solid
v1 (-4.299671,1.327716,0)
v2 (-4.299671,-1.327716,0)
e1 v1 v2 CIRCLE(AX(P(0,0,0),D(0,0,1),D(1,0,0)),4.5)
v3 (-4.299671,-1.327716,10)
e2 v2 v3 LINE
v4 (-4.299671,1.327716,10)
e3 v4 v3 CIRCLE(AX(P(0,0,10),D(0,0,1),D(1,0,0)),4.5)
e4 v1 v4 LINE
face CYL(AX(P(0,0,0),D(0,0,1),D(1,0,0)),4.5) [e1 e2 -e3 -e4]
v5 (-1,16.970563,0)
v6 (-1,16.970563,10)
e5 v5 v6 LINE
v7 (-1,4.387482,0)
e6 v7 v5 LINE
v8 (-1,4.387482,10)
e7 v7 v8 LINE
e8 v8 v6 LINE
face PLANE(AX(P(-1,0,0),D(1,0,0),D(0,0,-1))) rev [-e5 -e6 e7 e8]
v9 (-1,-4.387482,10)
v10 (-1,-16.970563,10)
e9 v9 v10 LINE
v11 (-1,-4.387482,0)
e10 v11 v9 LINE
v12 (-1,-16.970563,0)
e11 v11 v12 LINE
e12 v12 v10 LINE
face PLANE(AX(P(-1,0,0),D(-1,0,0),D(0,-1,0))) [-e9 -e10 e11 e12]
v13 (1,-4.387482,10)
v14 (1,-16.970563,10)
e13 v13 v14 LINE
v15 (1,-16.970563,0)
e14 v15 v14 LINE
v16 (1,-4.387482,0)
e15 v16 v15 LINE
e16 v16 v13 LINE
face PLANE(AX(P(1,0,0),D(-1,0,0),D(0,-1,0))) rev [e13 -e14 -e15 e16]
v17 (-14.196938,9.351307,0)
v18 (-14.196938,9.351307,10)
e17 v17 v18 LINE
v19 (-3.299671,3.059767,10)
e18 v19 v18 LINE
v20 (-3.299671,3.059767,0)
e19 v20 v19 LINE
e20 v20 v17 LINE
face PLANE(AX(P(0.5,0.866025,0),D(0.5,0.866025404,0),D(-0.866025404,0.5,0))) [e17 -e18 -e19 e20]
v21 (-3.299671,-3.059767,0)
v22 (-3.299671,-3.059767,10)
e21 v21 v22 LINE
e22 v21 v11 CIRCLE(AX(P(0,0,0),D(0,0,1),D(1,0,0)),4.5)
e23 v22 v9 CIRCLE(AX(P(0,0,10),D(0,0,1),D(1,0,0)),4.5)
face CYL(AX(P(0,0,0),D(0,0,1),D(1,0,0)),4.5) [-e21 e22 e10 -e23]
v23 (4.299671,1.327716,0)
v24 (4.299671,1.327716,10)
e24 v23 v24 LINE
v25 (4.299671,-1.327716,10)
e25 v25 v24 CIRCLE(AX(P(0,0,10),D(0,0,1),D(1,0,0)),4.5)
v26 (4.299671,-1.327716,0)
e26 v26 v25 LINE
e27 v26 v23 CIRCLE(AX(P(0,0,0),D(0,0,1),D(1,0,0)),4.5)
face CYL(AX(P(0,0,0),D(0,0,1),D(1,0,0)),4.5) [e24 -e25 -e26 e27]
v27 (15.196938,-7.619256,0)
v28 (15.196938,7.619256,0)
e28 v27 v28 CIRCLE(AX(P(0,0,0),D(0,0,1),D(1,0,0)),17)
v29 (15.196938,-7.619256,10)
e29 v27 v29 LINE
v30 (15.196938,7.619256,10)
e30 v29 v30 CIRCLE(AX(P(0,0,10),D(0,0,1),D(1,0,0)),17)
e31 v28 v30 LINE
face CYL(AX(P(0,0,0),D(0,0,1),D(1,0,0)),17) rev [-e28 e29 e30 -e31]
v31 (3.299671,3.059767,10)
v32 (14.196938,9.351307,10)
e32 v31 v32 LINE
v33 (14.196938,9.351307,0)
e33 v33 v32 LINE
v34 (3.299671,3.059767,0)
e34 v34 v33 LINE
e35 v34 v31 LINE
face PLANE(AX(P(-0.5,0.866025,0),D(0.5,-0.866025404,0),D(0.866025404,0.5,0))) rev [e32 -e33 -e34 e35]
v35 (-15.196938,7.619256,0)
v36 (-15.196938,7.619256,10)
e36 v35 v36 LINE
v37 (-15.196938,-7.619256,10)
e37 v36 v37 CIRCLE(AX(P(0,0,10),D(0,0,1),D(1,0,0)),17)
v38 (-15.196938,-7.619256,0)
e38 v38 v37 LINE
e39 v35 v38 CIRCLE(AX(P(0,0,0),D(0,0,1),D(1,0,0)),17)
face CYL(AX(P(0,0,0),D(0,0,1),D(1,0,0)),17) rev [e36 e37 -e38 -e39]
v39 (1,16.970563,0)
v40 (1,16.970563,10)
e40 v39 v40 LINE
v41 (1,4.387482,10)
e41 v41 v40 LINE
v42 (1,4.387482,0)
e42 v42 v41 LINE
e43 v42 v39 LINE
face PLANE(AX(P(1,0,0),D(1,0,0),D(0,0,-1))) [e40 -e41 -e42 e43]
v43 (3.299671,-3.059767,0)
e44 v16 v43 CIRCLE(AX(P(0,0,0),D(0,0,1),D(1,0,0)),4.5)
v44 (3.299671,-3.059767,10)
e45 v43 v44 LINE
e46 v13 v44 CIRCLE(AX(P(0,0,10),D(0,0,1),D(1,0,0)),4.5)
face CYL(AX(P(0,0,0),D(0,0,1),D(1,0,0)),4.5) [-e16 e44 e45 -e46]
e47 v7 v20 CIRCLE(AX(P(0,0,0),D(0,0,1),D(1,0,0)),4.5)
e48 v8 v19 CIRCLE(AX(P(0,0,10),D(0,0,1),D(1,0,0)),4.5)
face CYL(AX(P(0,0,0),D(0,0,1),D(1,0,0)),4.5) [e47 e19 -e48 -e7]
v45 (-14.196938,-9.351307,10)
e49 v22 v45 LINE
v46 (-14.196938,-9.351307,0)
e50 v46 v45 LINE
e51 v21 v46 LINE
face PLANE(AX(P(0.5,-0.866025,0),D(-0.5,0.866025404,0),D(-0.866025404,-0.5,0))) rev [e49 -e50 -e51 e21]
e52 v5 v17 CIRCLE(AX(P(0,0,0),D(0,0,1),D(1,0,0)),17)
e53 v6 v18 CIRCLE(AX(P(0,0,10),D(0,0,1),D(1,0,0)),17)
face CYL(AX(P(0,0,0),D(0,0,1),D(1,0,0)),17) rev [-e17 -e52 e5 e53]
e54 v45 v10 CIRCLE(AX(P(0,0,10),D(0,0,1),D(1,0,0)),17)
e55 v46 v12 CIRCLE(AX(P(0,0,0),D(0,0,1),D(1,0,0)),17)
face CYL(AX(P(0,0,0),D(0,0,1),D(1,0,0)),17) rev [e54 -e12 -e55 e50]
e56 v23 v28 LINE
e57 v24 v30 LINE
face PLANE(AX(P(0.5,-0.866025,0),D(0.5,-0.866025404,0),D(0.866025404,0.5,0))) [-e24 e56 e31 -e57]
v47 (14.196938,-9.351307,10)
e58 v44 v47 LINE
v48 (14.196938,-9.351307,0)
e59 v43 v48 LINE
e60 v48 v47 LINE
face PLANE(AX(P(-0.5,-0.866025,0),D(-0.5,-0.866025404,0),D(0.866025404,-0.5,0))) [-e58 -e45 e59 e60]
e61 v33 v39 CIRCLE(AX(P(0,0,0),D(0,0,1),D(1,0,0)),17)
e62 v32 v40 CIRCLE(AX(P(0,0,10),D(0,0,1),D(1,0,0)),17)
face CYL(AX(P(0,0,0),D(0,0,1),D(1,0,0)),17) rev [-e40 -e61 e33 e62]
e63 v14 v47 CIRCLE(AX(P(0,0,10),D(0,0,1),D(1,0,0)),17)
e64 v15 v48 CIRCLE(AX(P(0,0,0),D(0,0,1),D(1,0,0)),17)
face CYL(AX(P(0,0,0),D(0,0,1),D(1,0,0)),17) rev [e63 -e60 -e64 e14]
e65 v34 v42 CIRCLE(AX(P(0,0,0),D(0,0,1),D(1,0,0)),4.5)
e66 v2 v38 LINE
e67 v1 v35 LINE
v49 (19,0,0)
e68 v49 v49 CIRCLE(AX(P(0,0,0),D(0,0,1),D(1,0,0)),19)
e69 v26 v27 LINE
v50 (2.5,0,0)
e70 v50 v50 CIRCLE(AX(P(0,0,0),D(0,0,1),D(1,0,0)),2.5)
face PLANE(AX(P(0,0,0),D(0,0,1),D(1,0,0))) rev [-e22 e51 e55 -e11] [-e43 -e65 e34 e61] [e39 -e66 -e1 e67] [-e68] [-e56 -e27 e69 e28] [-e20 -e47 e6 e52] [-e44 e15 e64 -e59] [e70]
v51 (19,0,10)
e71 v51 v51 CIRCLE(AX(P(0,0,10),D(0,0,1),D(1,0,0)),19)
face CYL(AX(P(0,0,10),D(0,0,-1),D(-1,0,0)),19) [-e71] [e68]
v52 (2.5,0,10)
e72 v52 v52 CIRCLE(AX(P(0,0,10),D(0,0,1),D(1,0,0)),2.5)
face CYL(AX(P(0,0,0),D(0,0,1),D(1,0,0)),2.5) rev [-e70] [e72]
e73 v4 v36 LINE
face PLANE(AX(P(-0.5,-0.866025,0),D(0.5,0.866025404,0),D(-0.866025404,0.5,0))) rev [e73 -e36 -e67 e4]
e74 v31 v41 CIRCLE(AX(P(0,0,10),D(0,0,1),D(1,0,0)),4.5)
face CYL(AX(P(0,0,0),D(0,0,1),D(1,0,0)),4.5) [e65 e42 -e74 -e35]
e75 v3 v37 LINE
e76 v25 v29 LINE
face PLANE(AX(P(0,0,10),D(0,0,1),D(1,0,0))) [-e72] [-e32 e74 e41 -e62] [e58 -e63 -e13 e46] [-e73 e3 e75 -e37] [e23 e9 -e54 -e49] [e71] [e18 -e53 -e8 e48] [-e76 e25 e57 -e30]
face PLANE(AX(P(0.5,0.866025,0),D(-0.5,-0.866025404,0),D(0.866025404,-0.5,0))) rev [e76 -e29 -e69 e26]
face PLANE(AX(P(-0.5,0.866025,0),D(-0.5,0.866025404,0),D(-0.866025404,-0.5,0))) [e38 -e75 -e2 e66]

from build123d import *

# Parameters (mm, degrees)
SKETCH1_R           = 19
BOSS_EXTRUDE1_DEPTH = 10
SKETCH2_R           = 2.5
CUT_EXTRUDE1_DEPTH  = 10
CUT_EXTRUDE2_DEPTH  = 10


with BuildPart() as part:
    # Sketch1 → Boss-Extrude1 (new body)
    with BuildSketch(Plane.XY):
        Circle(SKETCH1_R)
    extrude(amount=BOSS_EXTRUDE1_DEPTH)

    # Sketch2 → Cut-Extrude1 (cut)
    with BuildSketch(Plane.XY.offset(10)):
        Circle(SKETCH2_R)
    extrude(amount=-CUT_EXTRUDE1_DEPTH, mode=Mode.SUBTRACT)

    # Sketch3 → Cut-Extrude2 (cut)
    with BuildSketch(Plane.XY.offset(10)):
        with BuildLine():
            ThreePointArc((-3.299671038, 3.059766501), (-2.25, 3.897114317), (-1, 4.387482194))
            Line((-1, 4.387482194), (-1, 16.970562748))
            ThreePointArc((-1, 16.970562748), (-8.5, 14.722431864), (-14.196938457, 9.351306778))
            Line((-14.196938457, 9.351306778), (-3.299671038, 3.059766501))
        make_face()
        with BuildLine():
            ThreePointArc((-4.299671038, -1.327715693), (-4.5, 0), (-4.299671038, 1.327715693))
            Line((-4.299671038, 1.327715693), (-15.196938457, 7.61925597))
            ThreePointArc((-15.196938457, 7.61925597), (-17, 0), (-15.196938457, -7.61925597))
            Line((-15.196938457, -7.61925597), (-4.299671038, -1.327715693))
        make_face()
        with BuildLine():
            ThreePointArc((-1, -4.387482194), (-2.25, -3.897114317), (-3.299671038, -3.059766501))
            Line((-3.299671038, -3.059766501), (-14.196938457, -9.351306778))
            ThreePointArc((-14.196938457, -9.351306778), (-8.5, -14.722431864), (-1, -16.970562748))
            Line((-1, -16.970562748), (-1, -4.387482194))
        make_face()
        with BuildLine():
            Line((14.196938457, -9.351306778), (3.299671038, -3.059766501))
            ThreePointArc((3.299671038, -3.059766501), (2.25, -3.897114317), (1, -4.387482194))
            Line((1, -4.387482194), (1, -16.970562748))
            ThreePointArc((1, -16.970562748), (8.5, -14.722431864), (14.196938457, -9.351306778))
        make_face()
        with BuildLine():
            Line((15.196938457, 7.61925597), (4.299671038, 1.327715693))
            ThreePointArc((4.299671038, 1.327715693), (4.449635922, 0.671371852), (4.5, 0))
            ThreePointArc((4.5, 0), (4.449635922, -0.671371852), (4.299671038, -1.327715693))
            Line((4.299671038, -1.327715693), (15.196938457, -7.61925597))
            ThreePointArc((15.196938457, -7.61925597), (16.543094538, -3.9148465), (17, 0))
            ThreePointArc((17, 0), (16.543094538, 3.9148465), (15.196938457, 7.61925597))
        make_face()
        with BuildLine():
            Line((1, 16.970562748), (1, 4.387482194))
            ThreePointArc((1, 4.387482194), (2.25, 3.897114317), (3.299671038, 3.059766501))
            Line((3.299671038, 3.059766501), (14.196938457, 9.351306778))
            ThreePointArc((14.196938457, 9.351306778), (8.5, 14.722431864), (1, 16.970562748))
        make_face()
    extrude(amount=-CUT_EXTRUDE2_DEPTH, mode=Mode.SUBTRACT)


solid = part.part
